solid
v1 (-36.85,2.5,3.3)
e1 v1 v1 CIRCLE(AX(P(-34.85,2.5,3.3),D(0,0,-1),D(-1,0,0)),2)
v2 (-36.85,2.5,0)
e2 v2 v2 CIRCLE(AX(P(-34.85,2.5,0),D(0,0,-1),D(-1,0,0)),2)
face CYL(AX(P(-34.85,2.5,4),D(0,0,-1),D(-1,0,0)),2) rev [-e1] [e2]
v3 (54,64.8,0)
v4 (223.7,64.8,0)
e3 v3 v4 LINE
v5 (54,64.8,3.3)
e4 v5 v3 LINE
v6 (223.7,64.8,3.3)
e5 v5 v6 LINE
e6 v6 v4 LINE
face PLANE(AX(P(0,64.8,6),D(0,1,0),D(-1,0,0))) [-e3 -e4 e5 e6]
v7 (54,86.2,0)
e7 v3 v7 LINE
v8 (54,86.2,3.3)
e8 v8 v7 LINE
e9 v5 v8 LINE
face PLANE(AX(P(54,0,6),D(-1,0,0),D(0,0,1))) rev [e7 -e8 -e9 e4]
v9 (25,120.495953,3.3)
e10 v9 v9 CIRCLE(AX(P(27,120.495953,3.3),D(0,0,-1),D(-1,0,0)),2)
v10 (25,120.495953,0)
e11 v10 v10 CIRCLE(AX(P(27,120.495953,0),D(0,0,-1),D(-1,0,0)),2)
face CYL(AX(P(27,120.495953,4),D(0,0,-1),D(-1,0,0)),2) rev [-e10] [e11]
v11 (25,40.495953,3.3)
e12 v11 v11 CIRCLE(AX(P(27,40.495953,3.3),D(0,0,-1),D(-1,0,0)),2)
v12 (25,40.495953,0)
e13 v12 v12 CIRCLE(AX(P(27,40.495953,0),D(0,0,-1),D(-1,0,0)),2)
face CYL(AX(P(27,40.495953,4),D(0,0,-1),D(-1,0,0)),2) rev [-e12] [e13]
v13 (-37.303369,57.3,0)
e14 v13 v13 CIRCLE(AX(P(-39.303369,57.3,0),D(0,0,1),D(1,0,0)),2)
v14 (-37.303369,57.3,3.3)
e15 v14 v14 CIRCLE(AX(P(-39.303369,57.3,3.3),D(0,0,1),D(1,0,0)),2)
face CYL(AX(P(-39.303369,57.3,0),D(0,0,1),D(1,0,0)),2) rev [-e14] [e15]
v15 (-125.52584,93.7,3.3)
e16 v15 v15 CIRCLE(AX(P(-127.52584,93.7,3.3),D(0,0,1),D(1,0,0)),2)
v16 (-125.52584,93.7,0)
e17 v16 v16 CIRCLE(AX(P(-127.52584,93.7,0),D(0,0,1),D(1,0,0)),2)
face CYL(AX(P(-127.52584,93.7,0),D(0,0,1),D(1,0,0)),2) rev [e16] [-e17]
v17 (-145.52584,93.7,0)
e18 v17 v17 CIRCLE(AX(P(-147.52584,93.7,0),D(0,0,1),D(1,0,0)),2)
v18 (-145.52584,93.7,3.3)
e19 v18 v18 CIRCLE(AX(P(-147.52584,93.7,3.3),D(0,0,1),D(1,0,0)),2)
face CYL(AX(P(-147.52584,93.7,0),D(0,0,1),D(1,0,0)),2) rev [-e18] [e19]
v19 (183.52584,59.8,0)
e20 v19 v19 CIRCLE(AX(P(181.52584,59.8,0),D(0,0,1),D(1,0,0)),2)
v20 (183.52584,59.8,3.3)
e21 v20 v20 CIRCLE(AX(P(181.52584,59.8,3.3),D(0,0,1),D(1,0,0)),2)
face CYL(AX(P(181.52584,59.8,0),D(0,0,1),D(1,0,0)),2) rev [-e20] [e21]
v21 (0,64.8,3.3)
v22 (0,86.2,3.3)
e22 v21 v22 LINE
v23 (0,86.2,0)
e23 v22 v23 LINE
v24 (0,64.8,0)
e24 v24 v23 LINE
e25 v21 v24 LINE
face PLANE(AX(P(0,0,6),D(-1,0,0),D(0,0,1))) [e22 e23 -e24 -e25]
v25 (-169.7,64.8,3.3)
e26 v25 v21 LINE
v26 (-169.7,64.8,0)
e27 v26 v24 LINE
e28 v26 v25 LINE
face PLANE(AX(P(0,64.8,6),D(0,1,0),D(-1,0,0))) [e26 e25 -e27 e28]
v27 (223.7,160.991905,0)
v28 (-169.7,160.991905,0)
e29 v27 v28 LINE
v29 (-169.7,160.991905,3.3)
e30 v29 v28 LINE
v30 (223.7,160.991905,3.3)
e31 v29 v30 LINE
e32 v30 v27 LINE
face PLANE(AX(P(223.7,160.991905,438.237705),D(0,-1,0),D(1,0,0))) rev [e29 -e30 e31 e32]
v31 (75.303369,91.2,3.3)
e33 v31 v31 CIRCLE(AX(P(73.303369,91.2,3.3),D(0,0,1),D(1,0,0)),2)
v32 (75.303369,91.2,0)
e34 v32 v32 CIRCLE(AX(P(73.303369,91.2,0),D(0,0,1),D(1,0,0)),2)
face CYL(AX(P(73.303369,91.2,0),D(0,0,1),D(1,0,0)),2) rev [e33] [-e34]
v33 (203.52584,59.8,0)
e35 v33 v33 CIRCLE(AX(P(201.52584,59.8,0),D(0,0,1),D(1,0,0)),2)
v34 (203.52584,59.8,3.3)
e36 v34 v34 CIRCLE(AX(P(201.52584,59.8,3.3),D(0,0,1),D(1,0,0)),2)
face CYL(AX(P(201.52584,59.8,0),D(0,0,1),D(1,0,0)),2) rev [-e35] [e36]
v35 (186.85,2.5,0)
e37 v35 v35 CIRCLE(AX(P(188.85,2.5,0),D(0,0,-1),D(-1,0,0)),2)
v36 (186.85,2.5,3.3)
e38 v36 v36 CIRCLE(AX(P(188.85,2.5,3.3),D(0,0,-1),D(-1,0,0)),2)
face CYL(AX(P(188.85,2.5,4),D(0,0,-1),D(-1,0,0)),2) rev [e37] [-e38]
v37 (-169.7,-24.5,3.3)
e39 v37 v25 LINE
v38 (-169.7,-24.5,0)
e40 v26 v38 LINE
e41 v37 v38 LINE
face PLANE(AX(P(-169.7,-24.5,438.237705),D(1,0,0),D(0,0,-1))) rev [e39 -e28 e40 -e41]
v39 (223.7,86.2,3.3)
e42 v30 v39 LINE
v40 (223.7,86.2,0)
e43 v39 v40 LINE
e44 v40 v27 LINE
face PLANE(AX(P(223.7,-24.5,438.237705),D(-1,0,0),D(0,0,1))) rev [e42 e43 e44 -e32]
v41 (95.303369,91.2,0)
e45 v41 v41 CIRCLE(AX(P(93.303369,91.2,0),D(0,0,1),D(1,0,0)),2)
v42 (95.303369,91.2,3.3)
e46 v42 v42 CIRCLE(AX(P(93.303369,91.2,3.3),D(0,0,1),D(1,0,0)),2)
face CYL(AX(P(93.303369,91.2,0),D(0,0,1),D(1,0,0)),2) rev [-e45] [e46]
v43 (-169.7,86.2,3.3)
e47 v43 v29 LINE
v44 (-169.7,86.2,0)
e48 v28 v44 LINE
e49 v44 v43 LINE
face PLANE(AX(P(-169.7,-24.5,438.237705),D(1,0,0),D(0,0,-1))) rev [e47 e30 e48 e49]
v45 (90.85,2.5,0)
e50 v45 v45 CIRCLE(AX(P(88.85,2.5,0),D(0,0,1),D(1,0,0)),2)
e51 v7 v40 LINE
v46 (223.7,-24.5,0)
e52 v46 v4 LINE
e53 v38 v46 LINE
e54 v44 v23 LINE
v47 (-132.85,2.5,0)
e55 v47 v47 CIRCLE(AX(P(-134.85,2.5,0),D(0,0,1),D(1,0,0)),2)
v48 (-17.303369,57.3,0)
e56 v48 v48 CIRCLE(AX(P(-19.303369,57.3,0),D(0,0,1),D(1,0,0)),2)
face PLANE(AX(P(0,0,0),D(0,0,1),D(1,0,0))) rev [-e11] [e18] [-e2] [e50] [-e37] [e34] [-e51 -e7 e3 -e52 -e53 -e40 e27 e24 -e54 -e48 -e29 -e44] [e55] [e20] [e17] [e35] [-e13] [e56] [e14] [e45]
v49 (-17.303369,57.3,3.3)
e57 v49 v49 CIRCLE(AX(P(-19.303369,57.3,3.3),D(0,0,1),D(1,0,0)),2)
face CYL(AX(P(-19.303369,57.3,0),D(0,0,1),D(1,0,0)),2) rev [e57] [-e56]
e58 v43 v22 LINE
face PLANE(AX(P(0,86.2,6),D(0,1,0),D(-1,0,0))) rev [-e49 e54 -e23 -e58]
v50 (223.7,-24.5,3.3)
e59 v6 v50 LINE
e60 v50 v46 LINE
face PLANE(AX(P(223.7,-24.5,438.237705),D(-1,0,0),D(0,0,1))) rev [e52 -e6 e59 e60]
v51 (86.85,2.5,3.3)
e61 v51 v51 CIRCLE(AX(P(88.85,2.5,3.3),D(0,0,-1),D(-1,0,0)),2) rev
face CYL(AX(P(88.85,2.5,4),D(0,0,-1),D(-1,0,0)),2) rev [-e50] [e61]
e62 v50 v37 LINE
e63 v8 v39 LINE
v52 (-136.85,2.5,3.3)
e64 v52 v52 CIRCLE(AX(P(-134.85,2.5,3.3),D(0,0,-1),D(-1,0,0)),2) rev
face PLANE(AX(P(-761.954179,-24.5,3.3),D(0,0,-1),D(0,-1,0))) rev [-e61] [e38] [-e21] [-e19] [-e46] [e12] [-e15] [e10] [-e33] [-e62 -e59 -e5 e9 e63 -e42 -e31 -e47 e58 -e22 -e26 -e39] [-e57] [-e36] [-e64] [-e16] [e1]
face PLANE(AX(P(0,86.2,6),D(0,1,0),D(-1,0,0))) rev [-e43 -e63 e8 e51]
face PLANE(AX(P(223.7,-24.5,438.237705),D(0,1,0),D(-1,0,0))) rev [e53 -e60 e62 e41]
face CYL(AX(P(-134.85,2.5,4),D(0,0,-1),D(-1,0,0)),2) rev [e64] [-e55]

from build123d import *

# Parameters (mm, degrees)
SKETCH1_W           = 393.4
SKETCH1_H           = 185.491905347
BOSS_EXTRUDE1_DEPTH = 3.3
SKETCH2_R           = 2.00000001
SKETCH2_R_2         = 2
CUT_EXTRUDE1_DEPTH  = 4
SKETCH3_W           = 169.7
SKETCH3_H           = 21.4
CUT_EXTRUDE2_DEPTH  = 6
SKETCH4_R           = 2
CUT_EXTRUDE3_DEPTH  = 276.628325081


with BuildPart() as part:
    # Sketch1 → Boss-Extrude1 (new body)
    with BuildSketch(Plane.XY):
        with Locations((27, 68.245952673)):
            Rectangle(SKETCH1_W, SKETCH1_H)
    extrude(amount=BOSS_EXTRUDE1_DEPTH)

    # Sketch2 → Cut-Extrude1 (cut)
    with BuildSketch(Plane(origin=(0, 0, 0), x_dir=(-1, 0, 0), z_dir=(0, 0, -1))):
        with Locations((-27, 40.495952673)):
            Circle(SKETCH2_R)
        with Locations((-27, 120.495952673)):
            Circle(SKETCH2_R)
        with Locations((-188.85, 2.5)):
            Circle(SKETCH2_R_2)
        with Locations((-88.85, 2.5)):
            Circle(SKETCH2_R_2)
        with Locations((34.85, 2.5)):
            Circle(SKETCH2_R_2)
        with Locations((134.85, 2.5)):
            Circle(SKETCH2_R_2)
    extrude(amount=-CUT_EXTRUDE1_DEPTH, mode=Mode.SUBTRACT)

    # Sketch3 → Cut-Extrude2 (cut)
    with BuildSketch(Plane(origin=(0, 0, 0), x_dir=(-1, 0, 0), z_dir=(0, 0, -1))):
        with Locations((84.85, 75.5)):
            Rectangle(SKETCH3_W, SKETCH3_H)
        with Locations((-138.85, 75.5)):
            Rectangle(SKETCH3_W, SKETCH3_H)
    extrude(amount=-CUT_EXTRUDE2_DEPTH, mode=Mode.SUBTRACT)

    # Sketch4 → Cut-Extrude3 (cut, through all)
    with BuildSketch(Plane.XY.offset(3.3)):
        with Locations((93.303368669, 91.2)):
            Circle(SKETCH4_R)
        with Locations((73.303368669, 91.2)):
            Circle(SKETCH4_R)
        with Locations((181.525840122, 59.8)):
            Circle(SKETCH4_R)
        with Locations((201.525840122, 59.8)):
            Circle(SKETCH4_R)
        with Locations((-127.525840122, 93.7)):
            Circle(SKETCH4_R)
        with Locations((-147.525840122, 93.7)):
            Circle(SKETCH4_R)
        with Locations((-19.303368669, 57.3)):
            Circle(SKETCH4_R)
        with Locations((-39.303368669, 57.3)):
            Circle(SKETCH4_R)
    extrude(amount=-CUT_EXTRUDE3_DEPTH, mode=Mode.SUBTRACT)


solid = part.part
